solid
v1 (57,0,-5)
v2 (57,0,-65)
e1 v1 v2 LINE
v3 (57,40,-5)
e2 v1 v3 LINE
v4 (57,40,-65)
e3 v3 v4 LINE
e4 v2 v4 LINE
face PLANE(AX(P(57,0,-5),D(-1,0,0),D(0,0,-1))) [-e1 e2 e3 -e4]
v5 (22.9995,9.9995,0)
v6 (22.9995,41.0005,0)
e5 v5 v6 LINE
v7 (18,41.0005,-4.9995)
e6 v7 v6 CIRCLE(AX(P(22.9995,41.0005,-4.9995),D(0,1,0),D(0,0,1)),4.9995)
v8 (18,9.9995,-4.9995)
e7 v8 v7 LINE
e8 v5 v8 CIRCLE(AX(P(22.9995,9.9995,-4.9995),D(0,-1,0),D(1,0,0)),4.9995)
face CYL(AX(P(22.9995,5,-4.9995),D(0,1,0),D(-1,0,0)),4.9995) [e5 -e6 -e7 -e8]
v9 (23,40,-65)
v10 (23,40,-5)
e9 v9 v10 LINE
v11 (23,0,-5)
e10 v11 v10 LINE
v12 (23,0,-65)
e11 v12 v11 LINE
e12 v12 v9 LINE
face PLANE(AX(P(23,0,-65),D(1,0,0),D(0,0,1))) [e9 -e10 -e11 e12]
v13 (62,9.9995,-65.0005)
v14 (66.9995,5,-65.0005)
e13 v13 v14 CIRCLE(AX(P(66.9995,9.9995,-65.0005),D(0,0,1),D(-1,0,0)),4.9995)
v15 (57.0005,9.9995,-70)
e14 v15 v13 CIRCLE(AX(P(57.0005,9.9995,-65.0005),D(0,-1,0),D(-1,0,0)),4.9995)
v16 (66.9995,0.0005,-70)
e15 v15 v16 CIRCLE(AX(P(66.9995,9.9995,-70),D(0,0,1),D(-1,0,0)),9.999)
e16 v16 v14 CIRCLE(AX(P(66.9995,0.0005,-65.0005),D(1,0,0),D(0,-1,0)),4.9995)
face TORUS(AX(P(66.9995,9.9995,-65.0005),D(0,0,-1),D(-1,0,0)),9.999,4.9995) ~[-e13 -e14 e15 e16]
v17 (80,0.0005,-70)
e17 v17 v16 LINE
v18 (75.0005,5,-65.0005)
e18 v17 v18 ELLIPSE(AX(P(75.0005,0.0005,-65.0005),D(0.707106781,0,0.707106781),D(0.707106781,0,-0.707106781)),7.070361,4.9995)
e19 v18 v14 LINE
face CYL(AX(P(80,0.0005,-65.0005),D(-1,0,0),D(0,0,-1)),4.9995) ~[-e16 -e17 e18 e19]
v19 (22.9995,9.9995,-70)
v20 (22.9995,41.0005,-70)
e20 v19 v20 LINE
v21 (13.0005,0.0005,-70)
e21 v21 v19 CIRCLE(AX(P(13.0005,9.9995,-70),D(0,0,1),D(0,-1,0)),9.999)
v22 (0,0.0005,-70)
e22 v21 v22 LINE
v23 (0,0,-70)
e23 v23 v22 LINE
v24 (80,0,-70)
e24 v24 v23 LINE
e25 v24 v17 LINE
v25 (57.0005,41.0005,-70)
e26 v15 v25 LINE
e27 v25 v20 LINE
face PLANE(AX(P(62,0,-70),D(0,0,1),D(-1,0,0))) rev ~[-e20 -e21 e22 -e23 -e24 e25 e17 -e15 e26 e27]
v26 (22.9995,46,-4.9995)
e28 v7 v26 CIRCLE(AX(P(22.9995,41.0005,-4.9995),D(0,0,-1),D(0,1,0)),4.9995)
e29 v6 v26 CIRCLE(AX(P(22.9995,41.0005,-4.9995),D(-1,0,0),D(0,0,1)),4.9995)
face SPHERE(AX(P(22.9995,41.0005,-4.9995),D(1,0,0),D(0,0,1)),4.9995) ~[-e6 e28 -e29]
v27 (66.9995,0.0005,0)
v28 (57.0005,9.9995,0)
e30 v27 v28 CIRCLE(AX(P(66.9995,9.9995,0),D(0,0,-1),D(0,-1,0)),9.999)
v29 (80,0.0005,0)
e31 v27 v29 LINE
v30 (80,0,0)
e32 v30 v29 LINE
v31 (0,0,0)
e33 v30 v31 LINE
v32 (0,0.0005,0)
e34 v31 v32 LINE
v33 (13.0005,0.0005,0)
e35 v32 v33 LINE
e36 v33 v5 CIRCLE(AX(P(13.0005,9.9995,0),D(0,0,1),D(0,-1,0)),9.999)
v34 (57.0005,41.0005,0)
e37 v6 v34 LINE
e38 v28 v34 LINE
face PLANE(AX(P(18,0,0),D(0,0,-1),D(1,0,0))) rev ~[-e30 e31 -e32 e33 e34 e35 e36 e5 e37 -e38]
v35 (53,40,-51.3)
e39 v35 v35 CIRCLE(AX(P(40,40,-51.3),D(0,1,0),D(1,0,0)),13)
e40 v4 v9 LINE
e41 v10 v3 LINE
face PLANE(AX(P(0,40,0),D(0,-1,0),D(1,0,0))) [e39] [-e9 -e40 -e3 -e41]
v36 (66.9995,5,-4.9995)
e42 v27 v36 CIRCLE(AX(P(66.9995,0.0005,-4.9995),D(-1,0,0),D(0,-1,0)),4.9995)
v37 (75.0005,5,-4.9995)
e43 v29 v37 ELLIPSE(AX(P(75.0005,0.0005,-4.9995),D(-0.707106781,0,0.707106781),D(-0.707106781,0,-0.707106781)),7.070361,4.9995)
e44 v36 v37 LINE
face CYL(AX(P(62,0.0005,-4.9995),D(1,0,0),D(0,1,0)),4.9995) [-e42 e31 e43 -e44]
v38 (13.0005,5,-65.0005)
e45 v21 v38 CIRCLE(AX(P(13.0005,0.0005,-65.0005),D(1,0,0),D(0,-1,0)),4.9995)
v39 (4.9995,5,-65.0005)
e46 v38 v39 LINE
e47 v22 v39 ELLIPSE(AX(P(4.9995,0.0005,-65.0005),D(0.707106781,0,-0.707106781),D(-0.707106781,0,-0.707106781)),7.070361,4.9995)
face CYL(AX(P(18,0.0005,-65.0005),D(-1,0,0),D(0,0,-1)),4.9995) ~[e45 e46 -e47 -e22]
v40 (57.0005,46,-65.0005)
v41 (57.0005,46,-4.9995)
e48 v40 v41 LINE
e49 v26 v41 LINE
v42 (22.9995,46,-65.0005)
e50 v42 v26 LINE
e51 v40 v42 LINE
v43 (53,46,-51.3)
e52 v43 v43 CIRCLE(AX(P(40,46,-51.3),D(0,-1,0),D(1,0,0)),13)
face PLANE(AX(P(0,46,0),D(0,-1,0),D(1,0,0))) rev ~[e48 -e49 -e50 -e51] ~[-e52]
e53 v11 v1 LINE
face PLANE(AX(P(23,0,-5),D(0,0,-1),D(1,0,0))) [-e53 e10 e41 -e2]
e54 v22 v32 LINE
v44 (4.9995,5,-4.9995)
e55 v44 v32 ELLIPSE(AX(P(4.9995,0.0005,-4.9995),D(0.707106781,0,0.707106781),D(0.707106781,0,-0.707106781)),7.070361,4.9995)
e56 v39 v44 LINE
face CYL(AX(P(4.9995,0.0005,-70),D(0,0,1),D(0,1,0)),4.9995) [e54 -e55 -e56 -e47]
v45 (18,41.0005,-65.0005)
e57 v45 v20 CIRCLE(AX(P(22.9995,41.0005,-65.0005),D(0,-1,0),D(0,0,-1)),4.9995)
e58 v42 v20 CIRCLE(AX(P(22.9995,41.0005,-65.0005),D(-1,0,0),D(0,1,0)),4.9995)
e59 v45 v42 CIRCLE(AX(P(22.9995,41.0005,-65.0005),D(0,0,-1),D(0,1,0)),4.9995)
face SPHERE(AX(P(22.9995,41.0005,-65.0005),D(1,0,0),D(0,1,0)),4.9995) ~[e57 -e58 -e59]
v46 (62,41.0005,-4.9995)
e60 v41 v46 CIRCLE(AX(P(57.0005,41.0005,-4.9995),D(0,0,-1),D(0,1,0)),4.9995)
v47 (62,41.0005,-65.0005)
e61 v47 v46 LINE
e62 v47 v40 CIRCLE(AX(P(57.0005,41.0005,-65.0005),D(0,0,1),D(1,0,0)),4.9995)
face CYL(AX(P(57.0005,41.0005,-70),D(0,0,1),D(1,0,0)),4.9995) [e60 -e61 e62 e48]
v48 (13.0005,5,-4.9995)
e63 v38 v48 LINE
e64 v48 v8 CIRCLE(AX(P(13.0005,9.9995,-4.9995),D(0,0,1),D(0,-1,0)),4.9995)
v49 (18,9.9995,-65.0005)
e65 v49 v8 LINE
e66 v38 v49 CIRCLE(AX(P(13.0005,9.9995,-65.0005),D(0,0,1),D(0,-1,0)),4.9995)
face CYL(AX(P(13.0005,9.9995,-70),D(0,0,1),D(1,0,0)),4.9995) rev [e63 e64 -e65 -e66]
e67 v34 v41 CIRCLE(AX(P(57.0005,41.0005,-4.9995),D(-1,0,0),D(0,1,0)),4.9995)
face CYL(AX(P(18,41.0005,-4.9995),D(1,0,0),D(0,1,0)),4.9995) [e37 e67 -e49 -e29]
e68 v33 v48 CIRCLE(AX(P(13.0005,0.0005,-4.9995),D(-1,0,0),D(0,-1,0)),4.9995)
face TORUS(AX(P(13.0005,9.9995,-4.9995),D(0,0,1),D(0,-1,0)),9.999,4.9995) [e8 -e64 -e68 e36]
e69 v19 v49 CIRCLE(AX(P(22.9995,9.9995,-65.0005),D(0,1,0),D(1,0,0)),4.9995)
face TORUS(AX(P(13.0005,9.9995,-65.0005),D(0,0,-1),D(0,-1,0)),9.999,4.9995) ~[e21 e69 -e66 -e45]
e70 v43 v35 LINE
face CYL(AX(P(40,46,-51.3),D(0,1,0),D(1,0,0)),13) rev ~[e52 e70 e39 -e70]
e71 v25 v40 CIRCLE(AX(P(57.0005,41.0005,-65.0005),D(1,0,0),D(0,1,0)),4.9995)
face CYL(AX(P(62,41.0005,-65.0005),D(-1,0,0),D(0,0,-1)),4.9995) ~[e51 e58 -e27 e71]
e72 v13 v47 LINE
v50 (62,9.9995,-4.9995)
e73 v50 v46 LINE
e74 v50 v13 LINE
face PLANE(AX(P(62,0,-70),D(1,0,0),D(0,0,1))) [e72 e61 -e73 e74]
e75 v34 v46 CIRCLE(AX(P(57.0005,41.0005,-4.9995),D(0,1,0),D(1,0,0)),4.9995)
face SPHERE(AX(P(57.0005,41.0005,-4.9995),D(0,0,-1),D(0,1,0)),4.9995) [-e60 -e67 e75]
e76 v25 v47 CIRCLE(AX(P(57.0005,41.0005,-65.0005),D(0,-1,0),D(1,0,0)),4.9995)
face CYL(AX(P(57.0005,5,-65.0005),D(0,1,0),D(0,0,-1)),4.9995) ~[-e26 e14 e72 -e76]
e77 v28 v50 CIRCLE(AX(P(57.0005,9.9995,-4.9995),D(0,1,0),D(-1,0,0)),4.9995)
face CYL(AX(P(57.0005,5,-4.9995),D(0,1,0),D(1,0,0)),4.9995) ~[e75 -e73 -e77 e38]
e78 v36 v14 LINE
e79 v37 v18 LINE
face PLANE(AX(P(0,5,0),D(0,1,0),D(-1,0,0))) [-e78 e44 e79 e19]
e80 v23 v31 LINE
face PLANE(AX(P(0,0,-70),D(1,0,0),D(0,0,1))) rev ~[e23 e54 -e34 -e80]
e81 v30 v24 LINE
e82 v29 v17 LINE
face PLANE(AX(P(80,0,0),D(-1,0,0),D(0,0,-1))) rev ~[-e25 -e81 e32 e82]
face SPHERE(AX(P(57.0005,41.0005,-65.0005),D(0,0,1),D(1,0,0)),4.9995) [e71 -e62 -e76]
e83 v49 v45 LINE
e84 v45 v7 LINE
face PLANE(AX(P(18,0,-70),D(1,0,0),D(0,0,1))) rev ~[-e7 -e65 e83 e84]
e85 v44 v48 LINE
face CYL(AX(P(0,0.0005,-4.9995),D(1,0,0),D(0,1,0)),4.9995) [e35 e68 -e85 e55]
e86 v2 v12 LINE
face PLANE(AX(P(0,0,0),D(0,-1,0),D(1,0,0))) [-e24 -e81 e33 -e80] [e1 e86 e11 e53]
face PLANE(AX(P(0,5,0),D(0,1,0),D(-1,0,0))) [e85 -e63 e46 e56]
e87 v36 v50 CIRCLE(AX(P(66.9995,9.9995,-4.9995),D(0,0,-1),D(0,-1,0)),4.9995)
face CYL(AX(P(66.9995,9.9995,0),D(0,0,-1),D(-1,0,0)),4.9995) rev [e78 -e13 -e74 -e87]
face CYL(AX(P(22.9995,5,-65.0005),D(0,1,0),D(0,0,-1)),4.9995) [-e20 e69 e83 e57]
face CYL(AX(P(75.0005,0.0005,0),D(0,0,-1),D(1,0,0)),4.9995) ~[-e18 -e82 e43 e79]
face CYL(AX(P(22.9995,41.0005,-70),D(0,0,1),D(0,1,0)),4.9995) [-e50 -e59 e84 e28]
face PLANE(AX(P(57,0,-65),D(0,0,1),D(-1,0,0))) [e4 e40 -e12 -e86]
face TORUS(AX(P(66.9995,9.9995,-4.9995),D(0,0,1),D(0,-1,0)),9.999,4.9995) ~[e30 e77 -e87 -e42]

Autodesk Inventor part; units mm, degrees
ref_plane "YZ Plane" through (0, 0, 0) normal (1, 0, 0) x (0, 1, 0)
ref_plane "XZ Plane" through (0, 0, 0) normal (0, 1, 0) x (-1, 0, 0)
ref_plane "XY Plane" through (0, 0, 0) normal (0, 0, 1) x (1, 0, 0)
sketch "Esboço8" plane through (0, 0, 0) normal (0, 1, 0) x (-1, 0, 0)
  line L0 (0, 0) -> (-80, 0)
  line L1 (-80, 0) -> (-80, -70)
  line L2 (-80, -70) -> (0, -70)
  line L3 (0, -70) -> (0, 0)
  line L4 (0, 0) -> (-18, 0)
  line L5 (-80, -70) -> (-62, -70)
  line L6 (-18, 0) -> (-62, 0)
  line L7 (-62, 0) -> (-62, -70)
  line L8 (-62, -70) -> (-18, -70)
  line L9 (-18, -70) -> (-18, 0)
  dimension "d19" = 80
  dimension "d20" = 70
  dimension "d21" = 18
  dimension "d22" = 18
extrude "Extrusão6" add sketch "Esboço8" along normal blind 5 contours L3 L2 L9 L0 | L7 L2 L1 L0
sketch "Esboço9" plane through (0, 0, 0) normal (0, -1, 0) x (1, 0, 0)
  line L0 (0, 0) -> (18, 0) projected
  line L1 (62, -70) -> (62, 0) projected
  line L2 (18, 0) -> (62, 0)
  line L3 (62, 0) -> (62, -70)
  line L4 (62, -70) -> (18, -70)
  line L5 (18, -70) -> (18, 0)
extrude "Extrusão7" add sketch "Esboço9" against normal blind 46
sketch "Esboço10" plane through (0, 0, 0) normal (0, -1, 0) x (1, 0, 0)
  line L0 (18, 0) -> (62, 0) projected
  line L1 (62, -70) -> (62, 0) projected
  line L2 (18, 0) -> (62, 0)
  line L3 (62, 0) -> (62, -70)
  line L4 (62, -70) -> (18, -70)
  line L5 (18, -70) -> (18, 0)
  line L6 (0, 0) -> (18, 0) projected
  line L7 (18, 0) -> (23, 0)
  line L8 (23, 0) -> (23, -5)
  line L9 (23, -5) -> (18, -5)
  line L10 (18, -5) -> (18, 0)
  line L11 (62, -70) -> (57, -70)
  line L12 (57, -70) -> (57, -65)
  line L13 (57, -65) -> (62, -65)
  line L14 (62, -65) -> (62, -70)
  line L15 (23, -5) -> (57, -5)
  line L16 (57, -5) -> (57, -65)
  line L17 (57, -65) -> (23, -65)
  line L18 (23, -65) -> (23, -5)
  dimension "d27" = 5
  dimension "d28" = 5
  dimension "d29" = 5
  dimension "d30" = 5
extrude "Extrusão8" cut sketch "Esboço10" against normal blind 40 contours L15 L16 L17 L18
fillet "Arredondamento1" radius 5 16 edges at (62, 46, -35) (40, 46, 0) (18, 25.5, 0) (62, 25.5, 0) (62, 5, -35) (62, 25.5, -70) (80, 5, -35) (40, 46, -70) (18, 46, -35) (18, 25.5, -70) (18, 5, -35) (9, 5, -70) (9, 5, 0) (0, 5, -35) (71, 5, -70) (71, 5, 0)
sketch "Esboço11" plane through (0, 46, 0) normal (0, 1, 0) x (1, 0, 0)
  line L0 (23, 65) -> (23, 5) projected
  line L1 (57, 5) -> (57, 65) projected
  line L2 (23, 5) -> (57, 5)
  line L3 (57, 5) -> (57, 65)
  line L4 (57, 65) -> (23, 65)
  line L5 (23, 65) -> (23, 5)
  line L6 (40, 65) -> (40, 51.3)
  circle A0 centre (40, 51.3) radius 13
  point P0 (0, 0)
  dimension "d34" = 13.7
  dimension "d35" = 26
extrude "Extrusão9" cut sketch "Esboço11" against normal blind 10 contours A0
properties part number "case_motor_inferior"
